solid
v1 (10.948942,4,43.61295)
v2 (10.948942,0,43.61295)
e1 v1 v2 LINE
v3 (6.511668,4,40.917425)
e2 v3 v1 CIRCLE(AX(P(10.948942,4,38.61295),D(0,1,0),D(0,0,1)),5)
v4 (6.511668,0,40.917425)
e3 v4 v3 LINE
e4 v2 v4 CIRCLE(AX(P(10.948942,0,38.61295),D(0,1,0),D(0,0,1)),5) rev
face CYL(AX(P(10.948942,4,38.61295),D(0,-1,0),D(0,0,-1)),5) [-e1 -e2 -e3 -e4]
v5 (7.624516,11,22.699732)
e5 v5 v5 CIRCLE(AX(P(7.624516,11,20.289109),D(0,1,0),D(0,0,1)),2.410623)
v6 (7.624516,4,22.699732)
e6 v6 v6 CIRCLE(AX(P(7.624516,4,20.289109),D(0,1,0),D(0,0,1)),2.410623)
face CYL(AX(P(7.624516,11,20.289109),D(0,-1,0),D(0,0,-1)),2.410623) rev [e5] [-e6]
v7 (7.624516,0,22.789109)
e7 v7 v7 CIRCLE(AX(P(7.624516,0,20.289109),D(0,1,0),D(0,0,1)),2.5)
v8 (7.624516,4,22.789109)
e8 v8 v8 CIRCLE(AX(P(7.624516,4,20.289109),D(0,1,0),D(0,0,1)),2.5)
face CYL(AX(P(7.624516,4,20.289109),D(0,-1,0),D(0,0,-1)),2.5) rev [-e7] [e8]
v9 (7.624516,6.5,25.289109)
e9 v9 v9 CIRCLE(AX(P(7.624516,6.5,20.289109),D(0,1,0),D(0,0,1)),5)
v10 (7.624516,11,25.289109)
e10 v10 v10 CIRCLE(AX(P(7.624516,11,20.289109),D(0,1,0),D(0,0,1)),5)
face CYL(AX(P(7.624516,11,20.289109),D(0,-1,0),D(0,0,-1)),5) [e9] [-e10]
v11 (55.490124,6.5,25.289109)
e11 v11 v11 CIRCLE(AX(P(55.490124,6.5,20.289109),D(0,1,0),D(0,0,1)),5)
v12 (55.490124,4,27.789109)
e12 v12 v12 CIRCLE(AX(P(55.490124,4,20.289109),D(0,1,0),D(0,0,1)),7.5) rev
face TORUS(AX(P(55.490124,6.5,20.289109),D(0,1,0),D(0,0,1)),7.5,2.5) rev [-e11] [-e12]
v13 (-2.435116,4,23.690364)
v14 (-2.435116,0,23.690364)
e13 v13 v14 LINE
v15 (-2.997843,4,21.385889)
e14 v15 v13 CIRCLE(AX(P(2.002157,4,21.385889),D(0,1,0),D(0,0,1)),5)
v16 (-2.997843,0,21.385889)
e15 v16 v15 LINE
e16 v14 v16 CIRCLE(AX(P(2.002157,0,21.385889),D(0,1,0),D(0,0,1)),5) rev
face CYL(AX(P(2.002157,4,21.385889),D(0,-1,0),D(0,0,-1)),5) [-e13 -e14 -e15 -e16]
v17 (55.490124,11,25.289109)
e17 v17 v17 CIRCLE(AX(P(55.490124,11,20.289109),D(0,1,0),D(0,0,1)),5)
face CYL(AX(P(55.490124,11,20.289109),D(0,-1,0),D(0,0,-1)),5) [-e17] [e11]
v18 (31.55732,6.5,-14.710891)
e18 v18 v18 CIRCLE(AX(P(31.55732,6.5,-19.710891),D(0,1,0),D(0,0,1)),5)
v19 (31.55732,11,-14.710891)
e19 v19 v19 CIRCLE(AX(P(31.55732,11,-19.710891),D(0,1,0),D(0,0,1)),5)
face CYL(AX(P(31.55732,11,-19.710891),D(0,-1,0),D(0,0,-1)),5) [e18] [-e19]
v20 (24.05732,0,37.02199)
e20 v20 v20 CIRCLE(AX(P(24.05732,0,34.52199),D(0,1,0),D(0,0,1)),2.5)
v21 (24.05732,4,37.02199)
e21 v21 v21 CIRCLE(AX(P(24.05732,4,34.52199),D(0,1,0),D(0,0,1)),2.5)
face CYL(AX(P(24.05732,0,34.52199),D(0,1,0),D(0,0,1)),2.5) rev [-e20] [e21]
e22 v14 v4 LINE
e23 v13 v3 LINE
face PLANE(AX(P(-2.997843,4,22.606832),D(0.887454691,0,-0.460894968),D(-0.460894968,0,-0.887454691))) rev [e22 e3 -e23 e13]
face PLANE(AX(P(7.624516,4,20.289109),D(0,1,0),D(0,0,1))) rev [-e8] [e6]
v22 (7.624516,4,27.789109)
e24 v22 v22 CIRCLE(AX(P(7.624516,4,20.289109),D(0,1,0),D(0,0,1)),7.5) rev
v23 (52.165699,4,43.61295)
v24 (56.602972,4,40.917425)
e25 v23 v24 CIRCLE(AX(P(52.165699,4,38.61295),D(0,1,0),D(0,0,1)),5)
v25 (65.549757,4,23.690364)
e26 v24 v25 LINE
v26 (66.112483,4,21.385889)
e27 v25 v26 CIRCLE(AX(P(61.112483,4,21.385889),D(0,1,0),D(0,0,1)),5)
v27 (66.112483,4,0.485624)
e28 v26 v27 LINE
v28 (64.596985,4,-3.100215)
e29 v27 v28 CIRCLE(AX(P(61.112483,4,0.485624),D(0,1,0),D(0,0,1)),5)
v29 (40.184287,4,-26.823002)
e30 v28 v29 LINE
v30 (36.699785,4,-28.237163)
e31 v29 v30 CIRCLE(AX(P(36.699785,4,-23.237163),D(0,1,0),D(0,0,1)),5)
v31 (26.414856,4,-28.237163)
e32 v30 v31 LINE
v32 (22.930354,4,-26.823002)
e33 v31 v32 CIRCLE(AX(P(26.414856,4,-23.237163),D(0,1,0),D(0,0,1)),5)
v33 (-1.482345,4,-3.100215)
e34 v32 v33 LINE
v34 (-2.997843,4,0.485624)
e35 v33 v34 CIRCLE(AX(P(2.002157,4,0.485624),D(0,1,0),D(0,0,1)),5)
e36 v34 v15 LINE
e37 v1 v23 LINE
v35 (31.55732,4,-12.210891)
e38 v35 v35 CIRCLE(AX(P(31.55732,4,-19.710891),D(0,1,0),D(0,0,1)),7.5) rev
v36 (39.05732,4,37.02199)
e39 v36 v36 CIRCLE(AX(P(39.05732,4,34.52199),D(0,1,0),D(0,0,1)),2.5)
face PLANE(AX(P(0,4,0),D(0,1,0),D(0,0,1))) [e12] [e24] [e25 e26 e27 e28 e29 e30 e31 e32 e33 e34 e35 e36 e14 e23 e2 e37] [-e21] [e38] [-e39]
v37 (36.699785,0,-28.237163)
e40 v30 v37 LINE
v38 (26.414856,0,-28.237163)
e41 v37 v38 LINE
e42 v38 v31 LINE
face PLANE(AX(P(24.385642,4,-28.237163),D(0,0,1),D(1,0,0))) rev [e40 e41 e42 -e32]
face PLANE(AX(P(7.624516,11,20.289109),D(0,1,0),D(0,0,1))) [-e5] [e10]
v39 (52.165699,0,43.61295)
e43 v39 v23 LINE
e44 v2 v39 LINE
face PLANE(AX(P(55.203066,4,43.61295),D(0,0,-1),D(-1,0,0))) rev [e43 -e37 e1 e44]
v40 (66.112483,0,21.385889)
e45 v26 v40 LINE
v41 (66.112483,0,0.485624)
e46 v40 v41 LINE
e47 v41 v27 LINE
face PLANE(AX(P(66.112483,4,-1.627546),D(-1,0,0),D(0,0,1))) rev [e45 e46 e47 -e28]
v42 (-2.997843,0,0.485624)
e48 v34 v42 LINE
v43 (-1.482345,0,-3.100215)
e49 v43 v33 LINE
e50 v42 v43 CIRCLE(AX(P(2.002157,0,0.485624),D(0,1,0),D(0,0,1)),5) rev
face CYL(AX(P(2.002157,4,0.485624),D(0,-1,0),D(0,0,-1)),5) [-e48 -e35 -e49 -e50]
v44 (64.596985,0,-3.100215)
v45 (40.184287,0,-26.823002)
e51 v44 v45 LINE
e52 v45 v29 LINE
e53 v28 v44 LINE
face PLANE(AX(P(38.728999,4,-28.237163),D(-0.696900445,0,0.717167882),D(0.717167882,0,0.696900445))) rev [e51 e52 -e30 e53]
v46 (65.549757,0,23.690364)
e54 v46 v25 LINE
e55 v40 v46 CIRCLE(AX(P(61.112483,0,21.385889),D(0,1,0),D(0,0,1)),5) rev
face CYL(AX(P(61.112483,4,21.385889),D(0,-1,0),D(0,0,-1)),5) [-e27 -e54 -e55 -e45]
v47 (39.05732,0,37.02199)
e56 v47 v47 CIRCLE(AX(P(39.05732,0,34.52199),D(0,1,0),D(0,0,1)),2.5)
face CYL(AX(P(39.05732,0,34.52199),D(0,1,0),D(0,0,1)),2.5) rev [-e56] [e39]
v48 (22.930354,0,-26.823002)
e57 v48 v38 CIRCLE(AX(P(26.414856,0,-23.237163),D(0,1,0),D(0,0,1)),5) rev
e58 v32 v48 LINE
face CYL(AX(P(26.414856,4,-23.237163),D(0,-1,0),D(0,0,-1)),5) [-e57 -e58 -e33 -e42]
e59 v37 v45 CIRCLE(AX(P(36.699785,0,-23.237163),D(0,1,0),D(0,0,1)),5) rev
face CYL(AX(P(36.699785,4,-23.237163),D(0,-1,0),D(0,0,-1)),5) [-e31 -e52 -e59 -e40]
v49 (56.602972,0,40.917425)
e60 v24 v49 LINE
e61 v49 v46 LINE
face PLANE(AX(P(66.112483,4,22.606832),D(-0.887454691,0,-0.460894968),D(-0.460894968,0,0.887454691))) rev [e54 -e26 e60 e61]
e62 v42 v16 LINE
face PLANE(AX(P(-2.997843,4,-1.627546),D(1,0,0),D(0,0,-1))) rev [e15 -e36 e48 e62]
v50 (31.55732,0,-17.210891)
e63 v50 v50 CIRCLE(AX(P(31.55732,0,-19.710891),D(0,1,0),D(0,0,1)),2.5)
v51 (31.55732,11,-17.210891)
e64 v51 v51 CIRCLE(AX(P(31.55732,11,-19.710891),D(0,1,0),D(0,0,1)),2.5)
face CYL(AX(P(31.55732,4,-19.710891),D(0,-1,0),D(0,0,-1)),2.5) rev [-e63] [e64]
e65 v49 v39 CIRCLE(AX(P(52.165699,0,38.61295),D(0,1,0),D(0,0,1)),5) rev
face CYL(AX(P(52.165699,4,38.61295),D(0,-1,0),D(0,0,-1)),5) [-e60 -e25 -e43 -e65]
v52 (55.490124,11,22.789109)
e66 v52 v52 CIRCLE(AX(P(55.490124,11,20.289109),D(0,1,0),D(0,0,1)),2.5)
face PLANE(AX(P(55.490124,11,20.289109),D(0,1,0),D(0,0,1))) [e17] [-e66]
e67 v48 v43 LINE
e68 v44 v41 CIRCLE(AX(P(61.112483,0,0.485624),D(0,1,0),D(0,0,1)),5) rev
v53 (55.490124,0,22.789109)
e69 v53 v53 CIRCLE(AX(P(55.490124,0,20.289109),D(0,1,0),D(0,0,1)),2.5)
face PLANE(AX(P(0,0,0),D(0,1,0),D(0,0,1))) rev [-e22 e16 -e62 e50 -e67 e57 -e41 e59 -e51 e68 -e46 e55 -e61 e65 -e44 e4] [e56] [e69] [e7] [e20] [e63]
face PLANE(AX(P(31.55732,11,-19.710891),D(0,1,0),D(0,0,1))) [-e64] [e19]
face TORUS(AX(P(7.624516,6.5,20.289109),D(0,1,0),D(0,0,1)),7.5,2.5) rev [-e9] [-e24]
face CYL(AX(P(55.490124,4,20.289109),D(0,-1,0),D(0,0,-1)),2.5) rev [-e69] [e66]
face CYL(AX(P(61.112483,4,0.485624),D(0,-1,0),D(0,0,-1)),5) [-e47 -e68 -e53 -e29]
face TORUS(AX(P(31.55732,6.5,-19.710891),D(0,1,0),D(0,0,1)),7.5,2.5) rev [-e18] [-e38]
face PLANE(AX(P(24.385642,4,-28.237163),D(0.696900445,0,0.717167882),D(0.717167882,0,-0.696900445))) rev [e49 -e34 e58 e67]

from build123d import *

# Parameters (mm, degrees)
SKETCH1_R           = 2.5
BOSS_EXTRUDE2_DEPTH = 4
FILLET1_R           = 5
SKETCH2_R           = 5
SKETCH2_R_2         = 2.5
SKETCH2_R_3         = 2.410622894
BOSS_EXTRUDE3_DEPTH = 7
FILLET2_R           = 2.5
SKETCH3_R           = 2.5
CUT_EXTRUDE1_DEPTH  = 80.510690177


with BuildPart() as part:
    # Sketch1 → Boss-Extrude2 (new body)
    with BuildSketch(Plane(origin=(0, 0, 0), x_dir=(1, 0, 0), z_dir=(0, 1, 0))):
        Polygon((-2.997842525, 1.627546264), (-2.997842525, -22.606832334), (7.911575214, -43.612950039), (31.557320362, -43.612950039), (55.203065509, -43.612950039), (66.112483248, -22.606832334), (66.112483248, 1.627546264), (38.728999177, 28.237162663), (24.385641546, 28.237162663), align=None)
        with Locations(Location((55.490124242, -20.289109104, 0), (0, 0, 270))):
            Circle(SKETCH1_R, mode=Mode.SUBTRACT)
        with Locations(Location((31.557320362, 19.710890896, 0), (0, 0, 270))):
            Circle(SKETCH1_R, mode=Mode.SUBTRACT)
        with Locations(Location((7.624516482, -20.289109104, 0), (0, 0, 270))):
            Circle(SKETCH1_R, mode=Mode.SUBTRACT)
    extrude(amount=BOSS_EXTRUDE2_DEPTH)

    # Fillet1
    fillet1_edges = [part.edges().sort_by_distance(p)[0] for p in [
        (24.385641546, 2, -28.237162663),
        (38.728999177, 2, -28.237162663),
        (66.112483248, 2, -1.627546264),
        (66.112483248, 2, 22.606832334),
        (55.203065509, 2, 43.612950039),
        (7.911575214, 2, 43.612950039),
        (-2.997842525, 2, 22.606832334),
        (-2.997842525, 2, -1.627546264),
    ]]
    fillet(fillet1_edges, radius=FILLET1_R)

    # Sketch2 → Boss-Extrude3 (add)
    # profile 1 of 3: a face of its own
    with BuildSketch(Plane(origin=(0, 4, 0), x_dir=(1, 0, 0), z_dir=(0, 1, 0))):
        with Locations(Location((31.557320362, 19.710890896, 0), (0, 0, 270))):
            Circle(SKETCH2_R)
        with Locations(Location((31.557320362, 19.710890896, 0), (0, 0, 270))):
            Circle(SKETCH2_R_2, mode=Mode.SUBTRACT)
    # profile 2 of 3: a face of its own
    with BuildSketch(Plane(origin=(0, 4, 0), x_dir=(1, 0, 0), z_dir=(0, 1, 0))):
        with Locations(Location((55.490124242, -20.289109104, 0), (0, 0, 270))):
            Circle(SKETCH2_R)
        with Locations(Location((55.490124242, -20.289109104, 0), (0, 0, 270))):
            Circle(SKETCH2_R_2, mode=Mode.SUBTRACT)
    # profile 3 of 3: a face of its own
    with BuildSketch(Plane(origin=(0, 4, 0), x_dir=(1, 0, 0), z_dir=(0, 1, 0))):
        with Locations(Location((7.624516482, -20.289109104, 0), (0, 0, 270))):
            Circle(SKETCH2_R)
        with Locations(Location((7.624516482, -20.289109104, 0), (0, 0, 270))):
            Circle(SKETCH2_R_3, mode=Mode.SUBTRACT)
    extrude(amount=BOSS_EXTRUDE3_DEPTH)

    # Fillet2
    fillet2_edges = [part.edges().sort_by_distance(p)[0] for p in [
        (55.490124242, 4, 15.289109104),
        (7.624516482, 4, 15.289109104),
        (31.557320362, 4, -24.710890896),
    ]]
    fillet(fillet2_edges, radius=FILLET2_R)

    # Sketch3 → Cut-Extrude1 (cut, through all)
    with BuildSketch(Plane(origin=(0, 4, 0), x_dir=(1, 0, 0), z_dir=(0, 1, 0))):
        with Locations(Location((39.057320362, -34.521990264, 0), (0, 0, 270))):
            Circle(SKETCH3_R)
        with Locations(Location((24.057320362, -34.521990264, 0), (0, 0, 270))):
            Circle(SKETCH3_R)
    extrude(amount=-CUT_EXTRUDE1_DEPTH, mode=Mode.SUBTRACT)


solid = part.part
